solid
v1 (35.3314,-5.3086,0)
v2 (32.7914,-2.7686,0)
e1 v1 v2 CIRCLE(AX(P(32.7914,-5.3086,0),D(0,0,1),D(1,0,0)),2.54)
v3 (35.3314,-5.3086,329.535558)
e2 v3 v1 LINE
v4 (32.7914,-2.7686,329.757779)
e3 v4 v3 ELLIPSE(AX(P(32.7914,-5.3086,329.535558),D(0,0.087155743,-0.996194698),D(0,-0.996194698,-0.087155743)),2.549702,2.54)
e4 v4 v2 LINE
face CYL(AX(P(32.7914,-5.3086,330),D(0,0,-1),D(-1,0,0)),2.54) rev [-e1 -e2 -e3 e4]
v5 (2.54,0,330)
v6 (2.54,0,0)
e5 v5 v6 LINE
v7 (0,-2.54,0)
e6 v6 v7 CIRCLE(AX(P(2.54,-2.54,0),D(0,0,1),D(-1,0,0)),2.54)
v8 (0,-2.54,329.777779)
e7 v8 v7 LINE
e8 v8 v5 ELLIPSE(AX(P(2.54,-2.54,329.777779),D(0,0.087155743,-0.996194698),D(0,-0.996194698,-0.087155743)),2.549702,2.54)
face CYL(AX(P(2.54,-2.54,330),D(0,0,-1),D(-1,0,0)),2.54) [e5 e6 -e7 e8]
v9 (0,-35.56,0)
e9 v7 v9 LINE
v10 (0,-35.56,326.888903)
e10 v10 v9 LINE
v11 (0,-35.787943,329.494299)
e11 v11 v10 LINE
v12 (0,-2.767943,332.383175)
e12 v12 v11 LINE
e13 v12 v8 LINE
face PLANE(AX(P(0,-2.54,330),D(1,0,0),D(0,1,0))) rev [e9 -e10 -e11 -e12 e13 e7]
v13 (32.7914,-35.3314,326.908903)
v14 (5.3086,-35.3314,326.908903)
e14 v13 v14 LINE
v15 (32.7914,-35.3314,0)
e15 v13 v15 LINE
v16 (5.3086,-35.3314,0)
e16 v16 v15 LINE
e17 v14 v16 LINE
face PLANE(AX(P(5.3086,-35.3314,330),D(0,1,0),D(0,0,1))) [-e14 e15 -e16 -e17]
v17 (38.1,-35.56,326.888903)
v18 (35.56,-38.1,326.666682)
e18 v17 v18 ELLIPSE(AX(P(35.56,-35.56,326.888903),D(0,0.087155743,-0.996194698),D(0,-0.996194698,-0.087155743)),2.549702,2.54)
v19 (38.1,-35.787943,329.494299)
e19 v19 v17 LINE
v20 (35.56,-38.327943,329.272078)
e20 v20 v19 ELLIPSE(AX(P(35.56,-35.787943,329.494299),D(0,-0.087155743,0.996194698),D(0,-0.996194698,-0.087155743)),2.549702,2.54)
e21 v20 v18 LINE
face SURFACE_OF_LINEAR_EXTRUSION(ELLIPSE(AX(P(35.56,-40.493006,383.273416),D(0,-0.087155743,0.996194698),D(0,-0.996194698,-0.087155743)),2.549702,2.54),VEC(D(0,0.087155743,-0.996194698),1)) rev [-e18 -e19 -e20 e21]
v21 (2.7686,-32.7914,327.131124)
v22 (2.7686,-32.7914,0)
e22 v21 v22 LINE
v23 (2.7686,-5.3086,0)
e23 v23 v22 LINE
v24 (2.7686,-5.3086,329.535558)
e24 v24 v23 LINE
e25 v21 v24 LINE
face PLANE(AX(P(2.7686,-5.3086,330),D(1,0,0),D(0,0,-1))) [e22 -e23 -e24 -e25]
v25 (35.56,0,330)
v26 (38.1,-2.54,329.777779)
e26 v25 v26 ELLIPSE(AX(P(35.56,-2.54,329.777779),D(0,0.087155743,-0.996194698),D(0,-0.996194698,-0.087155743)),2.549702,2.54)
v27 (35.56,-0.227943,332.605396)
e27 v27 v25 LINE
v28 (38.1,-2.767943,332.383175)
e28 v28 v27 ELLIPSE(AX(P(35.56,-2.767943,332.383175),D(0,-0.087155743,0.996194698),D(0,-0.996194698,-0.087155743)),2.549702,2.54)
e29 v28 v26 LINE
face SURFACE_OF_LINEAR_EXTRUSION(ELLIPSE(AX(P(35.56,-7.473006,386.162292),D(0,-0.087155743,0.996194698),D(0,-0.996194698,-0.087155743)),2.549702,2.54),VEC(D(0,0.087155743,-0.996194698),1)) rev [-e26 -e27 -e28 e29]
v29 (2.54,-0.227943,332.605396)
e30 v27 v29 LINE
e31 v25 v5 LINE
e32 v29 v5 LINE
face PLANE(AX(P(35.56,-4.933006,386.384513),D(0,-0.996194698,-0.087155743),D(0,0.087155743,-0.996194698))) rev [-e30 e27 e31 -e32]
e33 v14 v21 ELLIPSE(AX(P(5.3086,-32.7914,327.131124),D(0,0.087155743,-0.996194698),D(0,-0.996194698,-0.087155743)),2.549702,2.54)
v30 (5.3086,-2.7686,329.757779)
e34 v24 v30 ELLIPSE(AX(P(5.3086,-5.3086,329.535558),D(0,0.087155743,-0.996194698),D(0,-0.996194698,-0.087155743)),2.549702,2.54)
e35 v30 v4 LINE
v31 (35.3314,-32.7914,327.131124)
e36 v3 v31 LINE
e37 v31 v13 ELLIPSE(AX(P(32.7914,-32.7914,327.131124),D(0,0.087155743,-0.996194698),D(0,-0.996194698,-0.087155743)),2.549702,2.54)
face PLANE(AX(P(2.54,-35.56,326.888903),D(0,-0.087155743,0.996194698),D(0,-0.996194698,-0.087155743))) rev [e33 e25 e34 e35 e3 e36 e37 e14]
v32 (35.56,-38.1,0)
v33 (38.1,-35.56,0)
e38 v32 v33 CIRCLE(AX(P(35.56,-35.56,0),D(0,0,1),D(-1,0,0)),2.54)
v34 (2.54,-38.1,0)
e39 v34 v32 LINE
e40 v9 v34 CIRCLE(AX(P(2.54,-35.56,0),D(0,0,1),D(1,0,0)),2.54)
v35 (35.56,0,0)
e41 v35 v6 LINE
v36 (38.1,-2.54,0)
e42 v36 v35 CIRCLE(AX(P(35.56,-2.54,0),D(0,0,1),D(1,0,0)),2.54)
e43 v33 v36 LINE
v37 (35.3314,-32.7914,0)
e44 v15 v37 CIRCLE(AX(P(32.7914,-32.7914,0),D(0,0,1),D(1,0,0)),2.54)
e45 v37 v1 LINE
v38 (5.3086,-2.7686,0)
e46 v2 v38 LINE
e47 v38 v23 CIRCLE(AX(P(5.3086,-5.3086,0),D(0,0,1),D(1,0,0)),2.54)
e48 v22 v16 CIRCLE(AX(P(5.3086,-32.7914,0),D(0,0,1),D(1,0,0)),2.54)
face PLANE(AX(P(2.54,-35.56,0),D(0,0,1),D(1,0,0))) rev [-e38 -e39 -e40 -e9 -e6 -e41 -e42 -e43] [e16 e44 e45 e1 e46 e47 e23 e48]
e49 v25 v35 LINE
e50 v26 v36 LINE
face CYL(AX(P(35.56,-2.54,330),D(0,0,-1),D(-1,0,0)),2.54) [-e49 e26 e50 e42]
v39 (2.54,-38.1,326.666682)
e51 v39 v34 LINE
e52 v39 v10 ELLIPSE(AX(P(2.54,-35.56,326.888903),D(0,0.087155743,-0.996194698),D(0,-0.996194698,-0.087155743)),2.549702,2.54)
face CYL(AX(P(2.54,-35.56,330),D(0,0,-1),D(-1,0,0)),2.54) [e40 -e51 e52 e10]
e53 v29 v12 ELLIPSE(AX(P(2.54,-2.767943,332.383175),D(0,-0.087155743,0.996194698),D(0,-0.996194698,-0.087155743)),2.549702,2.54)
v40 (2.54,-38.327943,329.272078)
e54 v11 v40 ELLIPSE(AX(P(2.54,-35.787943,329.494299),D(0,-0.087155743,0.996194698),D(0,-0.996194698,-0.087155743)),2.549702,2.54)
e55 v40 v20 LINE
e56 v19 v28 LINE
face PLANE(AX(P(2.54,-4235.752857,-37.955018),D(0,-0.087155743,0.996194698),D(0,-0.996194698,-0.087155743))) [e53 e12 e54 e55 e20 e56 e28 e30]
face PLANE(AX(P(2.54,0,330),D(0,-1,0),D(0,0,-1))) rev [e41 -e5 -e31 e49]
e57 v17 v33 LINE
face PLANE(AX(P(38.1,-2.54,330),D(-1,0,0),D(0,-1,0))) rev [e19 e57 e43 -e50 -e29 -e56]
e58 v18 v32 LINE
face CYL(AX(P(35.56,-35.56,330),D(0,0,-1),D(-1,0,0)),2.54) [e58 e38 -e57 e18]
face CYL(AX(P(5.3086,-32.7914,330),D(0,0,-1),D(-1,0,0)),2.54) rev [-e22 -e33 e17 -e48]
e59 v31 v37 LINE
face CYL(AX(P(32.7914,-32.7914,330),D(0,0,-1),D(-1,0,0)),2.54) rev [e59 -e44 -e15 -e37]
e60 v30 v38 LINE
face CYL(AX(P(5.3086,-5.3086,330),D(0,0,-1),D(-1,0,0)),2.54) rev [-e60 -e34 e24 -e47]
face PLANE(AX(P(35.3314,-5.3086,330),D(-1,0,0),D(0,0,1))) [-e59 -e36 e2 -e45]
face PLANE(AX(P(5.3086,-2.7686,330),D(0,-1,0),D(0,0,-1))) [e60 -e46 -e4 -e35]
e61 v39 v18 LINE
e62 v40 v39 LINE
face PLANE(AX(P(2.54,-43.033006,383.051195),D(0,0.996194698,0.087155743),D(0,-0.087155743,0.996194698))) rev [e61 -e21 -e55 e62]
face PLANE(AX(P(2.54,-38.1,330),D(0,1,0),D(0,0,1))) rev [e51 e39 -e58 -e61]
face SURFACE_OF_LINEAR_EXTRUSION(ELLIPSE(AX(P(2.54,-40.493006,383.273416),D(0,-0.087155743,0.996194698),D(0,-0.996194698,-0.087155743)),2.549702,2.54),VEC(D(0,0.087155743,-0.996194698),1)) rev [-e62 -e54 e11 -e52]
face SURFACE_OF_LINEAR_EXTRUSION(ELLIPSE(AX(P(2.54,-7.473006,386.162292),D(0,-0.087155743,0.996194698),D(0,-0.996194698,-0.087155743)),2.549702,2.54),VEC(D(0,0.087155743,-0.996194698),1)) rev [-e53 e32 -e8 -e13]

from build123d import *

# Parameters (mm, degrees)
BOSS_EXTRUDE1_DEPTH = 330
CUT_EXTRUDE1_DEPTH  = 335.369885008
BOSS_EXTRUDE2_DEPTH = 2.615348253


with BuildPart() as part:
    # Sketch1 → Boss-Extrude1 (new body)
    with BuildSketch(Plane.XY):
        with BuildLine():
            Line((2.54, 0), (35.56, 0))
            ThreePointArc((35.56, 0), (37.356051224, -0.743948776), (38.1, -2.54))
            Line((38.1, -2.54), (38.1, -35.56))
            ThreePointArc((38.1, -35.56), (37.356051224, -37.356051224), (35.56, -38.1))
            Line((35.56, -38.1), (2.54, -38.1))
            ThreePointArc((2.54, -38.1), (0.743948776, -37.356051224), (0, -35.56))
            Line((0, -35.56), (0, -2.54))
            ThreePointArc((0, -2.54), (0.743948776, -0.743948776), (2.54, 0))
        make_face()
        with BuildLine():
            Line((5.3086, -2.7686), (32.7914, -2.7686))
            ThreePointArc((32.7914, -2.7686), (34.587451224, -3.512548776), (35.3314, -5.3086))
            Line((35.3314, -5.3086), (35.3314, -32.7914))
            ThreePointArc((35.3314, -32.7914), (34.587451224, -34.587451224), (32.7914, -35.3314))
            Line((32.7914, -35.3314), (5.3086, -35.3314))
            ThreePointArc((5.3086, -35.3314), (3.512548776, -34.587451224), (2.7686, -32.7914))
            Line((2.7686, -32.7914), (2.7686, -5.3086))
            ThreePointArc((2.7686, -5.3086), (3.512548776, -3.512548776), (5.3086, -2.7686))
        make_face(mode=Mode.SUBTRACT)
    extrude(amount=BOSS_EXTRUDE1_DEPTH)

    # Sketch2 → Cut-Extrude1 (cut, through all)
    with BuildSketch(Plane(origin=(38.1, 0, 0), x_dir=(0, 0, -1), z_dir=(1, 0, 0))):
        Polygon((-330, 0), (-326.66668192, -38.1), (-330, -38.1), align=None)
    extrude(amount=-CUT_EXTRUDE1_DEPTH, mode=Mode.SUBTRACT)

    # Sketch3 → Boss-Extrude2 (add)
    with BuildSketch(Plane(origin=(0, -28.651949315, 327.493279247), x_dir=(1, 0, 0), z_dir=(0, -0.08715574274765835, 0.9961946980917457))):
        with BuildLine():
            Line((2.54, -9.484140704), (35.56, -9.484140704))
            add(Edge.make_bspline(
                [(35.56, -9.484140704), (38.1, -9.484140704), (38.1, -6.934438316)],
                knots=[0, 0, 0, 1.570796327, 1.570796327, 1.570796327], degree=2, weights=[1, 0.707106781, 1]))
            Line((38.1, -6.934438316), (38.1, 26.211692719))
            add(Edge.make_bspline(
                [(38.1, 26.211692719), (38.1, 28.761395107), (35.56, 28.761395107)],
                knots=[1.570796327, 1.570796327, 1.570796327, 3.141592654, 3.141592654, 3.141592654], degree=2, weights=[1, 0.707106781, 1]))
            Line((35.56, 28.761395107), (2.54, 28.761395107))
            add(Edge.make_bspline(
                [(2.54, 28.761395107), (0, 28.761395107), (0, 26.211692719)],
                knots=[3.141592654, 3.141592654, 3.141592654, 4.71238898, 4.71238898, 4.71238898], degree=2, weights=[1, 0.707106781, 1]))
            Line((0, 26.211692719), (0, -6.934438316))
            add(Edge.make_bspline(
                [(0, -6.934438316), (0, -9.484140704), (2.54, -9.484140704)],
                knots=[4.71238898, 4.71238898, 4.71238898, 6.283185307, 6.283185307, 6.283185307], degree=2, weights=[1, 0.707106781, 1]))
        make_face()
    extrude(amount=BOSS_EXTRUDE2_DEPTH)


solid = part.part
